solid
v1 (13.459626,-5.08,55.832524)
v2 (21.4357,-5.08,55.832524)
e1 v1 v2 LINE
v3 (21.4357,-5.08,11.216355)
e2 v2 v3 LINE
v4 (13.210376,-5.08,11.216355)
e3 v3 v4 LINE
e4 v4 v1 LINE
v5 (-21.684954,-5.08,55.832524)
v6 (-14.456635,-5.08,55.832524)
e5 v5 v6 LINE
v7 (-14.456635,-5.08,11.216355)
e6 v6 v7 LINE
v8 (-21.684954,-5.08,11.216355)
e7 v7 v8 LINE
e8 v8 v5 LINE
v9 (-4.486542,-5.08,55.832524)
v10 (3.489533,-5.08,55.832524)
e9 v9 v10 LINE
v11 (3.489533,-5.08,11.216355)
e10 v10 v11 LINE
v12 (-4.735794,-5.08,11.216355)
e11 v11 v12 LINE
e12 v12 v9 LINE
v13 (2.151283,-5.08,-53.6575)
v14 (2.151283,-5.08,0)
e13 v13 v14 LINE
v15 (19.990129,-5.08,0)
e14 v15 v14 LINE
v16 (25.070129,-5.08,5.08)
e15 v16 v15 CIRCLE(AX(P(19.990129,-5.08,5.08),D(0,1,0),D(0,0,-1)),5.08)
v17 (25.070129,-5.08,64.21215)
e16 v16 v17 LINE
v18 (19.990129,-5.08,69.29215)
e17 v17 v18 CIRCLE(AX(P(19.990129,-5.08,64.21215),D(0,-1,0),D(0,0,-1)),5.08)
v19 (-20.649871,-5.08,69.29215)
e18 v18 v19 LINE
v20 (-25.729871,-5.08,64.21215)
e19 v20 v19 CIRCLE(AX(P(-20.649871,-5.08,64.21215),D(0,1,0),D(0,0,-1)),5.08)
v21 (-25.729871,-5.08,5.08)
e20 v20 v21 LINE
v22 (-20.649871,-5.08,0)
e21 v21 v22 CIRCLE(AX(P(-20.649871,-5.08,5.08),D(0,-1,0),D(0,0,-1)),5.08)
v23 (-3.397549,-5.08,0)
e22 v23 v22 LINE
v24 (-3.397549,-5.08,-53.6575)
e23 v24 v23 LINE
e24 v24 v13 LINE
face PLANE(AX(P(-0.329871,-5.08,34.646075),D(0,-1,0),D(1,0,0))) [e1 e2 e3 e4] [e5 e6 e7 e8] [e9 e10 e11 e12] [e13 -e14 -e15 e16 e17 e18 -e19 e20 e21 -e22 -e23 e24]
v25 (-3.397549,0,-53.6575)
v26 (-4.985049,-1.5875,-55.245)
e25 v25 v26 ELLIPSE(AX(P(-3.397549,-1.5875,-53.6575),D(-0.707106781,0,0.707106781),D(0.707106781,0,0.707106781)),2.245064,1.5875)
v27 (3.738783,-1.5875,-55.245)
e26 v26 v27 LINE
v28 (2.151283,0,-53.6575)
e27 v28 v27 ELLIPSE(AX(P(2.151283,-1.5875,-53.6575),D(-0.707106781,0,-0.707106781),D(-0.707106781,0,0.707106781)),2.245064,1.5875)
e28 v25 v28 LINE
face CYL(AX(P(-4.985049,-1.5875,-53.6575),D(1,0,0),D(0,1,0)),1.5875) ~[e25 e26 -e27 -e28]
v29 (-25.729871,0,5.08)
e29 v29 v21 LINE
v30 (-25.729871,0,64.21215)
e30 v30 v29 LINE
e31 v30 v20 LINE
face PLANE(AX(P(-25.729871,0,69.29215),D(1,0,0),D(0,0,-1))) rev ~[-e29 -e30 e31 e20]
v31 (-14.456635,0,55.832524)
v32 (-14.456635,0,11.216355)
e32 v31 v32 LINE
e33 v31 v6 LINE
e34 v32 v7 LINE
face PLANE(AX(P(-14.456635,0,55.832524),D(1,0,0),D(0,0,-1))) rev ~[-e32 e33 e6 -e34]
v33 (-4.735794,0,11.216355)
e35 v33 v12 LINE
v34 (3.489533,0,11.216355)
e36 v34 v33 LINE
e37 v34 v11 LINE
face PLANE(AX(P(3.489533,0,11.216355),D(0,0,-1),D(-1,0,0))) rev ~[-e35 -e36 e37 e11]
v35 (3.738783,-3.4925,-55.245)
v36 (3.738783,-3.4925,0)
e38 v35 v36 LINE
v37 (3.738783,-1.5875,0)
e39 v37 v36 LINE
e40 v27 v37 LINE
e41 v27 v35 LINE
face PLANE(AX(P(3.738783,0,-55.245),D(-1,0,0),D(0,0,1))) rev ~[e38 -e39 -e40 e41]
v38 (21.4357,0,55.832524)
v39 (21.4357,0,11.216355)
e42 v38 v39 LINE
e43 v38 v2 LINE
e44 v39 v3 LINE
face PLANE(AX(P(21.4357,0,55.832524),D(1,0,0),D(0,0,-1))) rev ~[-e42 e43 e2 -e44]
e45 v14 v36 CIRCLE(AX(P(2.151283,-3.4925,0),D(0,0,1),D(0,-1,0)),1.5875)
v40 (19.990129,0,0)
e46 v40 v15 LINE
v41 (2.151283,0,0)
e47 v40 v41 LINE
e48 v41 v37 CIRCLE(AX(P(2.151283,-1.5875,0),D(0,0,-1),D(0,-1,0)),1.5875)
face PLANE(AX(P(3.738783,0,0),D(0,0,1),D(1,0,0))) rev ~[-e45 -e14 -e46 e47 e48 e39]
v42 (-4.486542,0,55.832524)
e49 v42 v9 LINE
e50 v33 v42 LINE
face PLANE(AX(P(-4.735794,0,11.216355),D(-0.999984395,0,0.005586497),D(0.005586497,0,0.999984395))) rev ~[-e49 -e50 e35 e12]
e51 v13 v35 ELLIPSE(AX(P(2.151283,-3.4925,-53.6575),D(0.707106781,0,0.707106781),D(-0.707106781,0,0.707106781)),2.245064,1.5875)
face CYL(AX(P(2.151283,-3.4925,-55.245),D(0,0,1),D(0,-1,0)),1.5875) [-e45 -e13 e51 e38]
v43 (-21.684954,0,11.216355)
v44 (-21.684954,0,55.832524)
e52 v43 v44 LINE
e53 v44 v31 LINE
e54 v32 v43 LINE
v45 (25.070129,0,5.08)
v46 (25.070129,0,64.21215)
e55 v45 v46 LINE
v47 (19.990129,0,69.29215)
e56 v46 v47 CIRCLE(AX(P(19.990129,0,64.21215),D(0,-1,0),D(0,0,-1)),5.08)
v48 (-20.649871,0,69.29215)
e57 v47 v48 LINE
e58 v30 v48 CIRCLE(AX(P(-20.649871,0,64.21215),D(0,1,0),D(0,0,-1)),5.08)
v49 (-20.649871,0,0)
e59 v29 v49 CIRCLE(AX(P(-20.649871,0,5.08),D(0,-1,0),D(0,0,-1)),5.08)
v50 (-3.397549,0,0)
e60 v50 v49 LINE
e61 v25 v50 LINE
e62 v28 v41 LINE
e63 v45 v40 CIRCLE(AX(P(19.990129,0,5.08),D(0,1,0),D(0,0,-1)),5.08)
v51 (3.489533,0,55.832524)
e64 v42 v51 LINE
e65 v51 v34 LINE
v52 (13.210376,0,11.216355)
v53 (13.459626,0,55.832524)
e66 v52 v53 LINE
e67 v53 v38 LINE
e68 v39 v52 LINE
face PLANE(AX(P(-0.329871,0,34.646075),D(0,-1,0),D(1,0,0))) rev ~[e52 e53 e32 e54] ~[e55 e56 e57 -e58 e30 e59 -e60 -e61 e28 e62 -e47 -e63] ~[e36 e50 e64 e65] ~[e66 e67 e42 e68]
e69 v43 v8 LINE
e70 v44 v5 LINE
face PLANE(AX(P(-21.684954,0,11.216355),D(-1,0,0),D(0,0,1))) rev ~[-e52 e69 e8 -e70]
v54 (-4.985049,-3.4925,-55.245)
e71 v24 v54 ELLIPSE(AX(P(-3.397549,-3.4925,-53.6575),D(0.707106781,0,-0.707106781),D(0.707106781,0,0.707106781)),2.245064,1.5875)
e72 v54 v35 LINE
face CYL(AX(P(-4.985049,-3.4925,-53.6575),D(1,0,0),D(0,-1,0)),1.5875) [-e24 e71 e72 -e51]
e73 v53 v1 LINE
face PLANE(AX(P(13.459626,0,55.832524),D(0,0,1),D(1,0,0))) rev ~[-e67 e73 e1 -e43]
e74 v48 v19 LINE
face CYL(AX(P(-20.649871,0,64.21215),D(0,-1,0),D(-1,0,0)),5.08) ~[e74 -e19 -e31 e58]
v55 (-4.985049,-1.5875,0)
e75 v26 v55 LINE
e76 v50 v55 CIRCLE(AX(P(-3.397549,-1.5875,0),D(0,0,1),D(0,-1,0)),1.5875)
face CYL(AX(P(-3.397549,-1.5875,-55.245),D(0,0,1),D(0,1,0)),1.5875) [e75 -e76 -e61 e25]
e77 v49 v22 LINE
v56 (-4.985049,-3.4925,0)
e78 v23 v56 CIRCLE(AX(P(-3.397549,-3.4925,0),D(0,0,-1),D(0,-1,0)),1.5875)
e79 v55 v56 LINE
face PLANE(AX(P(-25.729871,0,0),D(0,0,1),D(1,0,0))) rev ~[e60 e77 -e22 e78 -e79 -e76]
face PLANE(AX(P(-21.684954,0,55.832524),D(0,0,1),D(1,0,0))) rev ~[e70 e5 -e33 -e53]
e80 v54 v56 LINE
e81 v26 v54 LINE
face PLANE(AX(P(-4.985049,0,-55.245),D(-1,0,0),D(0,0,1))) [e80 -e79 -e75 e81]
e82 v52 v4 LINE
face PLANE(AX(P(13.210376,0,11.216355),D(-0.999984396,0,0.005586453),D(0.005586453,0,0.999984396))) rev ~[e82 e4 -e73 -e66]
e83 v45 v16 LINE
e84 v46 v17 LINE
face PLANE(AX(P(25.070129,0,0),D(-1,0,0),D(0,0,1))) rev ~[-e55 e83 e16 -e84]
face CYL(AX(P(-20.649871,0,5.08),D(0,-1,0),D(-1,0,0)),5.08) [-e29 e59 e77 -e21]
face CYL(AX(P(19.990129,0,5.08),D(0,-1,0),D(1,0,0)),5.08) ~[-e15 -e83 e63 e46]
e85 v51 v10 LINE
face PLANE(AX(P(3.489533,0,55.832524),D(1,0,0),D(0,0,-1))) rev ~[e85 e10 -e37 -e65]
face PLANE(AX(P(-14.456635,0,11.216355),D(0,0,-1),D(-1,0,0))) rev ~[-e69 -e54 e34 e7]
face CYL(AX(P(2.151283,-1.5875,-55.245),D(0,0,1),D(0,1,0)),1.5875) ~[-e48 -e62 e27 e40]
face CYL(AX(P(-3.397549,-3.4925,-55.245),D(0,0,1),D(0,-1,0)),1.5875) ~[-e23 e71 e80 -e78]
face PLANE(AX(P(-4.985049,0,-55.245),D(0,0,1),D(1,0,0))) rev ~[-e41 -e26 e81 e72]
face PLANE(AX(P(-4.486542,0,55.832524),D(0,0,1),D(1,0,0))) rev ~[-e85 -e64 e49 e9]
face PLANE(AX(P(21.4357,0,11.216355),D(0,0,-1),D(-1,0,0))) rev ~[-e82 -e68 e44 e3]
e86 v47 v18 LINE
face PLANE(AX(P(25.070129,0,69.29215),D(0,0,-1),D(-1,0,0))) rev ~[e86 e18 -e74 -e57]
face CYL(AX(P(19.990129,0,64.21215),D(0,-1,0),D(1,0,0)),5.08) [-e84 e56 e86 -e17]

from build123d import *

# Parameters (mm, degrees)
F0_W     = 8.723831
F0_H     = 55.245
F1_DEPTH = 5.08
F2_R     = 5.08
F3_R     = 5.08
F4_R     = 1.5875


with BuildPart() as f1:
    # F0 (on Front) → F1 (new body)
    with BuildSketch(Plane.XZ):
        Polygon((-25.729871, 69.29215), (-25.729871, 0), (-4.985048, 0), (3.738783, 0), (25.070129, 0), (25.070129, 69.29215), align=None)
        Polygon((-21.684954, 11.216355), (-21.684954, 51.844489), (-21.684954, 55.832524), (-14.456635, 55.832524), (-14.456635, 11.216355), align=None, mode=Mode.SUBTRACT)
        Polygon((-4.735794, 11.216355), (-4.486542, 55.832524), (3.489533, 55.832524), (3.489533, 11.216355), align=None, mode=Mode.SUBTRACT)
        Polygon((13.210376, 11.216355), (13.459626, 55.832524), (21.4357, 55.832524), (21.4357, 11.216355), align=None, mode=Mode.SUBTRACT)
        with Locations((-0.623133, -27.6225)):
            Rectangle(F0_W, F0_H)
    extrude(amount=F1_DEPTH)

    # F2
    f2_edges = [f1.edges().sort_by_distance(p)[0] for p in [
        (-25.729871, -2.54, 69.29215),
        (25.070129, -2.54, 69.29215),
    ]]
    fillet(f2_edges, radius=F2_R)

    # F3
    f3_edges = [f1.edges().sort_by_distance(p)[0] for p in [
        (-25.729871, -2.54, 0),
        (25.070129, -2.54, 0),
    ]]
    fillet(f3_edges, radius=F3_R)

    # F4
    f4_edges = [f1.edges().sort_by_distance(p)[0] for p in [
        (3.738783, 0, -27.6225),
        (-0.623132, 0, -55.245),
        (-4.985048, 0, -27.6225),
        (3.738783, -5.08, -27.6225),
        (-4.985048, -5.08, -27.6225),
        (-0.623132, -5.08, -55.245),
    ]]
    fillet(f4_edges, radius=F4_R)


solid = f1.part
